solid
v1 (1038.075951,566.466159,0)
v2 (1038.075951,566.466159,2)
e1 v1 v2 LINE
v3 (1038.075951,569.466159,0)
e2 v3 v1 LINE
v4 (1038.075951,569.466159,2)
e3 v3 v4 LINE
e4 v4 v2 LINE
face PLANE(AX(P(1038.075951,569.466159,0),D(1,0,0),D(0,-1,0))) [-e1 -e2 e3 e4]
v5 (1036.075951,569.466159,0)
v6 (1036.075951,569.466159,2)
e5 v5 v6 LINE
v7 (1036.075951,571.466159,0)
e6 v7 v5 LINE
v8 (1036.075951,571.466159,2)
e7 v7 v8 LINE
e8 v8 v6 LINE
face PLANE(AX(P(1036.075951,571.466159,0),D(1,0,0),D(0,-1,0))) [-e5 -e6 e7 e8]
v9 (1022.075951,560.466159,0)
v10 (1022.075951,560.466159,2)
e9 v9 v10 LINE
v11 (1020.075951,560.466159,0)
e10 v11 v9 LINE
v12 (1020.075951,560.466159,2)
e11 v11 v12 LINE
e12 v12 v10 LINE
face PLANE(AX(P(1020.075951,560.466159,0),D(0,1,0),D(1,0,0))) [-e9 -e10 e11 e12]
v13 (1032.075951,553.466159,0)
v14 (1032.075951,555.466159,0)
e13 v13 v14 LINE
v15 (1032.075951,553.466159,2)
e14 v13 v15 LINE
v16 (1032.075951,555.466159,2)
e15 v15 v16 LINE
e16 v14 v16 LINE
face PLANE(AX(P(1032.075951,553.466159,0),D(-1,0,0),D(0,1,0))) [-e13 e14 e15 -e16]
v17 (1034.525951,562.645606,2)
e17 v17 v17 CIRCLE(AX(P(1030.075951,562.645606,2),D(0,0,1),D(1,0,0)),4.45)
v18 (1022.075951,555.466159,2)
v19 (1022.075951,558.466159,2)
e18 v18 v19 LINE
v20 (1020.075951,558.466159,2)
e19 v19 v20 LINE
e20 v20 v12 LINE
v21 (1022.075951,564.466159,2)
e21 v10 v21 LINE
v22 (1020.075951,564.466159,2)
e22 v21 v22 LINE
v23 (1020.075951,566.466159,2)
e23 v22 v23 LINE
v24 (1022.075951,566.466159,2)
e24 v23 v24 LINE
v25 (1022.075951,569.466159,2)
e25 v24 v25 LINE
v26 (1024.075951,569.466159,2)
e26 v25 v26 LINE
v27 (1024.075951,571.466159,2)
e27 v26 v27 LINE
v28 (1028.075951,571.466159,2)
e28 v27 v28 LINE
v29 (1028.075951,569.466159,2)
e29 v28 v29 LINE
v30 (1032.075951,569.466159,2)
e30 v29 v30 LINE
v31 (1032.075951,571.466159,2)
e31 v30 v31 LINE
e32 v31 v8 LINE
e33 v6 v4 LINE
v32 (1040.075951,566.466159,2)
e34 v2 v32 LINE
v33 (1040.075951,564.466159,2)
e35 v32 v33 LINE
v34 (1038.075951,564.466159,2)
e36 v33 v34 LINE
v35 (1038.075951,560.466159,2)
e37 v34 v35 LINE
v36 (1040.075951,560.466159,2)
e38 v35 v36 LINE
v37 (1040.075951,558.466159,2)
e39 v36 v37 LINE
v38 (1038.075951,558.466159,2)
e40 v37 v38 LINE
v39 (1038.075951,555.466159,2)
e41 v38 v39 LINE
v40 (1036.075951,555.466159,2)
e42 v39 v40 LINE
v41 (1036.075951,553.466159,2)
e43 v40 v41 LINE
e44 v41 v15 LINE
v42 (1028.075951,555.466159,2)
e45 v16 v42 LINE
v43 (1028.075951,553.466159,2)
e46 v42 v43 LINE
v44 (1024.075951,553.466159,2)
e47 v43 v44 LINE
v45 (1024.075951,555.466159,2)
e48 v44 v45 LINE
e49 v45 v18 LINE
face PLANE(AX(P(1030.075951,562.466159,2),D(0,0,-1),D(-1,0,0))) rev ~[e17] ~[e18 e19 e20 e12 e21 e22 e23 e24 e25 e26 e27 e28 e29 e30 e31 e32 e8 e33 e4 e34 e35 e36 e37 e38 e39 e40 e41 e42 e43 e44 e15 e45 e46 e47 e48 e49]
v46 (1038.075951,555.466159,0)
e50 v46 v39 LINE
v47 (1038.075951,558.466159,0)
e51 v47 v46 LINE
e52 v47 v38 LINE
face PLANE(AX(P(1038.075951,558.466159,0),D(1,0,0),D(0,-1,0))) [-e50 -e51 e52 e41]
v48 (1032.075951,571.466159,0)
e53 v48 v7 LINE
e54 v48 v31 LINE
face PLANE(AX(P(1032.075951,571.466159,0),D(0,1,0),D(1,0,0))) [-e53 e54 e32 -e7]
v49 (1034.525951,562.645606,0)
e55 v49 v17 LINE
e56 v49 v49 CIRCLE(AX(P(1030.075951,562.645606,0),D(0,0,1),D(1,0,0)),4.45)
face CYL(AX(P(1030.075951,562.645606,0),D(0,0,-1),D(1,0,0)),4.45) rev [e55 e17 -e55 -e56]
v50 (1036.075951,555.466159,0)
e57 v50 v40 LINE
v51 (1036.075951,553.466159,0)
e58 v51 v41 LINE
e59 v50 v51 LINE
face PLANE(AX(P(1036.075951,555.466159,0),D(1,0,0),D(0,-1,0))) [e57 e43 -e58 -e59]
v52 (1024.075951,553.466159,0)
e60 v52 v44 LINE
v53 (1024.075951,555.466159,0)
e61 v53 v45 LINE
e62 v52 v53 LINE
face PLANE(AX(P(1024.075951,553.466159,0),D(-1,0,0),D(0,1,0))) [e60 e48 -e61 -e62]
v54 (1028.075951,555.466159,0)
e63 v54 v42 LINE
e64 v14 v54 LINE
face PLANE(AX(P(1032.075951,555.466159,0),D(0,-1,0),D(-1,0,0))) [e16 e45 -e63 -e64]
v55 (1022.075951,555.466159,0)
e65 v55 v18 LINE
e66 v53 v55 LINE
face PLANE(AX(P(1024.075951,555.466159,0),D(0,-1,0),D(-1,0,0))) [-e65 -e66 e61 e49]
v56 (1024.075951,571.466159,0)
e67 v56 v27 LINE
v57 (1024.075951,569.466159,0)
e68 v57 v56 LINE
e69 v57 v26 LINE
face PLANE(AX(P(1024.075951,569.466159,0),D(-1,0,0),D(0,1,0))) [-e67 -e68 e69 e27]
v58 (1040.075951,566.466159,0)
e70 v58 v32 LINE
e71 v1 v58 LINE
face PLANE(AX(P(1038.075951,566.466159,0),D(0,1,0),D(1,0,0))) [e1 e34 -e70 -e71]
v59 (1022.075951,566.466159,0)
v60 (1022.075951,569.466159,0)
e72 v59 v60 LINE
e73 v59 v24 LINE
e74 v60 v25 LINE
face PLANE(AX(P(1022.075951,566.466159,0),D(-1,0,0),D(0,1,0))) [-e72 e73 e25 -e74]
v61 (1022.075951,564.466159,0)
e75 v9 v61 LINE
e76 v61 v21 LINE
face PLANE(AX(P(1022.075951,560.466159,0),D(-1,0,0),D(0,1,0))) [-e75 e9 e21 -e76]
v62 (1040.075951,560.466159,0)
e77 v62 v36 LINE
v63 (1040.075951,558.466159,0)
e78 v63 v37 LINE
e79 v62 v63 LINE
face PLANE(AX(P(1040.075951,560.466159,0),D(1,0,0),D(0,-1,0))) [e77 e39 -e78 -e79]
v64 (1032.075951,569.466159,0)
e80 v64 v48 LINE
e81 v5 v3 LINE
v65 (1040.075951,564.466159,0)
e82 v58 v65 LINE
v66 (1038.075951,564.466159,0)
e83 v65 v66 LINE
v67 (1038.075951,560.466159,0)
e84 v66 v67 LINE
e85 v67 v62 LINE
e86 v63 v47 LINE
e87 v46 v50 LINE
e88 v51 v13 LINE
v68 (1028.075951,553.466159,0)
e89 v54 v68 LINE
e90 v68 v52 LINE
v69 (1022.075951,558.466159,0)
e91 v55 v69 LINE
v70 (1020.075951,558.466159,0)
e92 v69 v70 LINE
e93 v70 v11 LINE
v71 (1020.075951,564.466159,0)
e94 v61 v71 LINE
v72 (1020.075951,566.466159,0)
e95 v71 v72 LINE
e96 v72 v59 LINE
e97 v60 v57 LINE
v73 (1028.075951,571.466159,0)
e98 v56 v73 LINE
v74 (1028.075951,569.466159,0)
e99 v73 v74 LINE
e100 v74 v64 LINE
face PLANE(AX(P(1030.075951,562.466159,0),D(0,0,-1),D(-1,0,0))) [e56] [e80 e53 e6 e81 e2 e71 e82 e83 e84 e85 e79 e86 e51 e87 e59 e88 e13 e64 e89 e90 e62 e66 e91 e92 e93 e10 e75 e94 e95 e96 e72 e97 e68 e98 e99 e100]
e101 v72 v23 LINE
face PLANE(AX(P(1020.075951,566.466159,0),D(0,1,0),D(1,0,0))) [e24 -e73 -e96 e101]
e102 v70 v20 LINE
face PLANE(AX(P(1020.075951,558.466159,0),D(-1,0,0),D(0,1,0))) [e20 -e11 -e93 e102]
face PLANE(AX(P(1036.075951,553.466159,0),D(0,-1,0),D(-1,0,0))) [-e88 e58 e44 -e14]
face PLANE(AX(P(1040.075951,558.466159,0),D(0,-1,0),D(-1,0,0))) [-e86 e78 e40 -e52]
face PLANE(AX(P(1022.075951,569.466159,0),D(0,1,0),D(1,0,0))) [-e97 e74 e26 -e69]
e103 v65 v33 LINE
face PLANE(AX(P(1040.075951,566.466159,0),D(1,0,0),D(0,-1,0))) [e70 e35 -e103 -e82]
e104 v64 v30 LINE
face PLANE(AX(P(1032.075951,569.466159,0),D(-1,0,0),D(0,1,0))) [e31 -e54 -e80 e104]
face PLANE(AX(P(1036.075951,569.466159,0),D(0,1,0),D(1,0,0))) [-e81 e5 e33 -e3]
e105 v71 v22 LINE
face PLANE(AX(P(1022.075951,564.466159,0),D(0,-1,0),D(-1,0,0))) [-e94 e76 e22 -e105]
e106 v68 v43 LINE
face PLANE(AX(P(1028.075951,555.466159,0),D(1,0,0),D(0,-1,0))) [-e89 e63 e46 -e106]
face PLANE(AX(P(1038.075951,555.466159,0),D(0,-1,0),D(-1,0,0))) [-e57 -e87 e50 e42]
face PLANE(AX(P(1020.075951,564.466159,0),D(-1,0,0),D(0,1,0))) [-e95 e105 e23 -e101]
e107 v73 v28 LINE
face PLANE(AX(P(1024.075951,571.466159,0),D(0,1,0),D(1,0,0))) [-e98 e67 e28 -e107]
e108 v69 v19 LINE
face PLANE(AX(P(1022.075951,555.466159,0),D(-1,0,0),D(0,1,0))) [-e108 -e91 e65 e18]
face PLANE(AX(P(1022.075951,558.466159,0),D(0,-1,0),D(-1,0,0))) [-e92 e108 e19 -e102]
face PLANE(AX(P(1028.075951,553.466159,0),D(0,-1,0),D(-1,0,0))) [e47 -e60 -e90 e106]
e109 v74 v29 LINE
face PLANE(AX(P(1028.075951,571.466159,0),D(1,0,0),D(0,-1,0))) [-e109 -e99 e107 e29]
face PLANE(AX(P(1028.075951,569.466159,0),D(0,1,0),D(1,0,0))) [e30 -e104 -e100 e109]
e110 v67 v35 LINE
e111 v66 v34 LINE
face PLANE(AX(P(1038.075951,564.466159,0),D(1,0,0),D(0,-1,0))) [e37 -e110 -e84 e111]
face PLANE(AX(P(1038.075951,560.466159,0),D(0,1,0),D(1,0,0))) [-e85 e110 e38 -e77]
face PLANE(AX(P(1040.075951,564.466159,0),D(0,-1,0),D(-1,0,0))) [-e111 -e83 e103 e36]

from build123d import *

# Parameters (mm, degrees)
MODEL_R         = 4.45
EXTRUDE_1_DEPTH = 2


with BuildPart() as part:
    # Model → 凸台-拉伸1 (new body)
    with BuildSketch(Plane.XY):
        Polygon((1022.075950507, 566.466158611), (1022.075950507, 569.466158611), (1024.075950507, 569.466158611), (1024.075950507, 571.466158611), (1028.075950507, 571.466158611), (1028.075950507, 569.466158611), (1032.075950507, 569.466158611), (1032.075950507, 571.466158611), (1036.075950507, 571.466158611), (1036.075950507, 569.466158611), (1038.075950507, 569.466158611), (1038.075950507, 566.466158611), (1040.075950507, 566.466158611), (1040.075950507, 564.466158611), (1038.075950507, 564.466158611), (1038.075950507, 560.466158611), (1040.075950507, 560.466158611), (1040.075950507, 558.466158611), (1038.075950507, 558.466158611), (1038.075950507, 555.466158611), (1036.075950507, 555.466158611), (1036.075950507, 553.466158611), (1032.075950507, 553.466158611), (1032.075950507, 555.466158611), (1028.075950507, 555.466158611), (1028.075950507, 553.466158611), (1024.075950507, 553.466158611), (1024.075950507, 555.466158611), (1022.075950507, 555.466158611), (1022.075950507, 558.466158611), (1020.075950507, 558.466158611), (1020.075950507, 560.466158611), (1022.075950507, 560.466158611), (1022.075950507, 564.466158611), (1020.075950507, 564.466158611), (1020.075950507, 566.466158611), align=None)
        with Locations((1030.075950507, 562.645606237)):
            Circle(MODEL_R, mode=Mode.SUBTRACT)
    extrude(amount=EXTRUDE_1_DEPTH)


solid = part.part
